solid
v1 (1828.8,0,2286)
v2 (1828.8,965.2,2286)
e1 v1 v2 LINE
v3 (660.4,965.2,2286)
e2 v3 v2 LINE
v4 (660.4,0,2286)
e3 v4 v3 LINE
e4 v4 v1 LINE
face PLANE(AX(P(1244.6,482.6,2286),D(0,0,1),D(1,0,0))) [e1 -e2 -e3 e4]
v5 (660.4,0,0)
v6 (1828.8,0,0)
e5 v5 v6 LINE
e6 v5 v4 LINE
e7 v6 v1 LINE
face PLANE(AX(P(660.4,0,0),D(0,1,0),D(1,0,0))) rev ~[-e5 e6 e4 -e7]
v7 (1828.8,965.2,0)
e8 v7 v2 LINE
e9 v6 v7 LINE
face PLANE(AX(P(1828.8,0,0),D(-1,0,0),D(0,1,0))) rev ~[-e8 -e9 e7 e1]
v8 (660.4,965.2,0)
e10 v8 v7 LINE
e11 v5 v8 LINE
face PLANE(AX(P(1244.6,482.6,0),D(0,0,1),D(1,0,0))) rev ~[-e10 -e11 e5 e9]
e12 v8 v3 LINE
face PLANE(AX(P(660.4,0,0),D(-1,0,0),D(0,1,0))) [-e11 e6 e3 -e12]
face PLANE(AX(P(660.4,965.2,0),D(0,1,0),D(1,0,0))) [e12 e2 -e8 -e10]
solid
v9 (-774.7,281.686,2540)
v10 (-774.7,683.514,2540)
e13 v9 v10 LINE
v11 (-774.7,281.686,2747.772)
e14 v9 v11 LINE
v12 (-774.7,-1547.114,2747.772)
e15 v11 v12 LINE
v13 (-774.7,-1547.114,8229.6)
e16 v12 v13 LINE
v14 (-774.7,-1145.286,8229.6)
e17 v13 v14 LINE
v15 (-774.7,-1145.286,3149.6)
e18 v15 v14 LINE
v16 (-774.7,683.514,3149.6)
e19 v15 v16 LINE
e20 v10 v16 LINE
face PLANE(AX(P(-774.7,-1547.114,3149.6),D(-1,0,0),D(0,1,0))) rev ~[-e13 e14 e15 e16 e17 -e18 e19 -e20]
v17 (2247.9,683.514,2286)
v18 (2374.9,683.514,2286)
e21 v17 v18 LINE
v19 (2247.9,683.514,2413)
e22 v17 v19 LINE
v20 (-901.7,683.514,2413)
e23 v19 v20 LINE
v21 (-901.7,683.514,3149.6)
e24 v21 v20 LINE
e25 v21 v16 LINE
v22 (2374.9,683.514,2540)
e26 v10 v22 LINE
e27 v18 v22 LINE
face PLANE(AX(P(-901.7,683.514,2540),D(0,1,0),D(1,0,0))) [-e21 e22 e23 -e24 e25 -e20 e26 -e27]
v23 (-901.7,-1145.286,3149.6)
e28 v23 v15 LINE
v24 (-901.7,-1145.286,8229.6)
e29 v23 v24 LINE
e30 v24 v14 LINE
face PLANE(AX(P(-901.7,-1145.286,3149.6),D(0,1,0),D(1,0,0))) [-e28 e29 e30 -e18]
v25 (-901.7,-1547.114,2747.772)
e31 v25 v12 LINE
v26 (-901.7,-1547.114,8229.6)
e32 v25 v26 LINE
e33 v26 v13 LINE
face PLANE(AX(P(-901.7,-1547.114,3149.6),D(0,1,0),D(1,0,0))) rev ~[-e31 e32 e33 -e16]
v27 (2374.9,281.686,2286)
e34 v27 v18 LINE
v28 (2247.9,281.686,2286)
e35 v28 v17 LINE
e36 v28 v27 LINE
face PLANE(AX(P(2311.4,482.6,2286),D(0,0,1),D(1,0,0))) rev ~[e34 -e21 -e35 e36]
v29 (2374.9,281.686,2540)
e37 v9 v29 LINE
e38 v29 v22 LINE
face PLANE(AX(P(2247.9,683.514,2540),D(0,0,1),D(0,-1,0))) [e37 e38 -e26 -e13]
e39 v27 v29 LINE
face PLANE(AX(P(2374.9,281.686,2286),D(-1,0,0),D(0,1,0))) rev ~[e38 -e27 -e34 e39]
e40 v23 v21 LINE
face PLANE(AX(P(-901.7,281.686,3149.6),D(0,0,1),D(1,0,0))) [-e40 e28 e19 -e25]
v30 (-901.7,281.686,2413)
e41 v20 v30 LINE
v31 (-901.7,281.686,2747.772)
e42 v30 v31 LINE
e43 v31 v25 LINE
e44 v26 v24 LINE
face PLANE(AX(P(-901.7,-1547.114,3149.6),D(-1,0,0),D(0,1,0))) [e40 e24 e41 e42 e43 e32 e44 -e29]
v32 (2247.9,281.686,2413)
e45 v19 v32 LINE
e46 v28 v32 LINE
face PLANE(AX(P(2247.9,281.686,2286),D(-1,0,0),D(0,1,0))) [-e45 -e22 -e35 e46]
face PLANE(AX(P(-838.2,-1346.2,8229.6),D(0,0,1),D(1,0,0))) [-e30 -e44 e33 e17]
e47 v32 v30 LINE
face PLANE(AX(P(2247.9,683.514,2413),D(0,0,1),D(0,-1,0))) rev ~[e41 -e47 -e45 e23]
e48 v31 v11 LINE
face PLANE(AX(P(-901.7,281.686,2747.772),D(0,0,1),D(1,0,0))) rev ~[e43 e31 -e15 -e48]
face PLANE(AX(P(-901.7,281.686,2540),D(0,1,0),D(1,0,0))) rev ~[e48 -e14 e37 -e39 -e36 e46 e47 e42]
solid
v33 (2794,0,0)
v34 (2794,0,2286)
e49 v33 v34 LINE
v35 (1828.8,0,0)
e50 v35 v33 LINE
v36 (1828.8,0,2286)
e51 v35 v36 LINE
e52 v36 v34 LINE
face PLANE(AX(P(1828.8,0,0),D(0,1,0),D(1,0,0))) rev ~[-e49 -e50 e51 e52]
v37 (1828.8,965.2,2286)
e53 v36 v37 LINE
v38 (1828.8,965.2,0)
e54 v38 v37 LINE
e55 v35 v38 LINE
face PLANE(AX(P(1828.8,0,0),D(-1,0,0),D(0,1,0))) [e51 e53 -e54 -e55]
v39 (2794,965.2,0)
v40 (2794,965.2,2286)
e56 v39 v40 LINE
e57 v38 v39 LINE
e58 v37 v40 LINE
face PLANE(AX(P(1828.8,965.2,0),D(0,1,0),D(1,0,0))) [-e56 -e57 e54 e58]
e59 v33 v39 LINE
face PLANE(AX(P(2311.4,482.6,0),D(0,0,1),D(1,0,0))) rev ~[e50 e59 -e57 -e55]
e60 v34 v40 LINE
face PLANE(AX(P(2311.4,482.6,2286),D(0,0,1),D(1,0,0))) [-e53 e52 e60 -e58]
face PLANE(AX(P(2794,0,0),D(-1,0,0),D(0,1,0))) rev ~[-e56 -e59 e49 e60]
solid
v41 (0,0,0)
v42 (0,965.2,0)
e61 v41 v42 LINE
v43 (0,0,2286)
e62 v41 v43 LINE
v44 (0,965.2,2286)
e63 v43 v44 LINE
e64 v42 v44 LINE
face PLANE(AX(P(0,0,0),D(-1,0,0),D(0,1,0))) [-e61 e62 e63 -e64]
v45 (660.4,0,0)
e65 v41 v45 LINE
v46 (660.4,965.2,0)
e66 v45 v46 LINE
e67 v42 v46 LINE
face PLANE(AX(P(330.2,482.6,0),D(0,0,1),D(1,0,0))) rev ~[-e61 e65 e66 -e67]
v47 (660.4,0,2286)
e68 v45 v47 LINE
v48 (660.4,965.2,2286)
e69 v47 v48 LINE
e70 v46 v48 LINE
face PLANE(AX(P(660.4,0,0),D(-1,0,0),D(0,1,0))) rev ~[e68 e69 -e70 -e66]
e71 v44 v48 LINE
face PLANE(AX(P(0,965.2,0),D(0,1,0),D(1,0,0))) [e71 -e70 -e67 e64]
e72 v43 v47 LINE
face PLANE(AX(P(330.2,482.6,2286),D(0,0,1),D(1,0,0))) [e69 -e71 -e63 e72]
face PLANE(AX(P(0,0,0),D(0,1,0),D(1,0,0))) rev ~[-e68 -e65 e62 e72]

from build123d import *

# Parameters (mm, degrees)
F0_W      = 660.4
F0_H      = 965.2
F1_DEPTH  = 2286
F0_W_2    = 1168.4
F2_DEPTH  = 2286
F0_W_3    = 965.2
F3_DEPTH  = 2286
F4_W      = 127
F4_H      = 401.828
F5_DEPTH  = 254
F6_W      = 401.828
F6_H      = 127
F7_DEPTH  = 3149.6
F8_W      = 127
F8_H      = 401.828
F9_DEPTH  = 609.6
F10_W     = 127
F10_H     = 401.828
F11_DEPTH = 1828.8
F12_W     = 127
F12_H     = 401.828
F13_DEPTH = 5080


with BuildPart() as f1:
    # F0 (on Top) → F1 (new body)
    with BuildSketch(Plane.XY):
        with Locations((330.2, 482.6)):
            Rectangle(F0_W, F0_H)
    extrude(amount=F1_DEPTH)


with BuildPart() as f2:
    # F0 (on Top) → F2 (new body)
    with BuildSketch(Plane.XY):
        with Locations((1244.6, 482.6)):
            Rectangle(F0_W_2, F0_H)
    extrude(amount=F2_DEPTH)


with BuildPart() as f3:
    # F0 (on Top) → F3 (new body)
    with BuildSketch(Plane.XY):
        with Locations((2311.4, 482.6)):
            Rectangle(F0_W_3, F0_H)
    extrude(amount=F3_DEPTH)


with BuildPart() as f5:
    # F4 (on face) → F5 (new body)
    with BuildSketch(Plane.XY.offset(2286)):
        with Locations((2311.4, 482.6)):
            Rectangle(F4_W, F4_H)
    extrude(amount=F5_DEPTH)

    # F6 (on face) → F7 (join)
    with BuildSketch(Plane(origin=(2247.9, 0, 0), x_dir=(0, -1, 0), z_dir=(-1, 0, 0))):
        with Locations((-482.6, 2476.5)):
            Rectangle(F6_W, F6_H)
    extrude(amount=F7_DEPTH)

    # F8 (on face) → F9 (join)
    with BuildSketch(Plane.XY.offset(2540)):
        with Locations((-838.2, 482.6)):
            Rectangle(F8_W, F8_H)
    extrude(amount=F9_DEPTH)

    # F10 (on face) → F11 (join)
    with BuildSketch(Plane.XZ.offset(-281.686)):
        with Locations((-838.2, 2948.686)):
            Rectangle(F10_W, F10_H)
    extrude(amount=F11_DEPTH)

    # F12 (on face) → F13 (join)
    with BuildSketch(Plane.XY.offset(3149.6)):
        with Locations((-838.2, -1346.2)):
            Rectangle(F12_W, F12_H)
    extrude(amount=F13_DEPTH)


solid = Compound([f1.part, f2.part, f3.part, f5.part])
